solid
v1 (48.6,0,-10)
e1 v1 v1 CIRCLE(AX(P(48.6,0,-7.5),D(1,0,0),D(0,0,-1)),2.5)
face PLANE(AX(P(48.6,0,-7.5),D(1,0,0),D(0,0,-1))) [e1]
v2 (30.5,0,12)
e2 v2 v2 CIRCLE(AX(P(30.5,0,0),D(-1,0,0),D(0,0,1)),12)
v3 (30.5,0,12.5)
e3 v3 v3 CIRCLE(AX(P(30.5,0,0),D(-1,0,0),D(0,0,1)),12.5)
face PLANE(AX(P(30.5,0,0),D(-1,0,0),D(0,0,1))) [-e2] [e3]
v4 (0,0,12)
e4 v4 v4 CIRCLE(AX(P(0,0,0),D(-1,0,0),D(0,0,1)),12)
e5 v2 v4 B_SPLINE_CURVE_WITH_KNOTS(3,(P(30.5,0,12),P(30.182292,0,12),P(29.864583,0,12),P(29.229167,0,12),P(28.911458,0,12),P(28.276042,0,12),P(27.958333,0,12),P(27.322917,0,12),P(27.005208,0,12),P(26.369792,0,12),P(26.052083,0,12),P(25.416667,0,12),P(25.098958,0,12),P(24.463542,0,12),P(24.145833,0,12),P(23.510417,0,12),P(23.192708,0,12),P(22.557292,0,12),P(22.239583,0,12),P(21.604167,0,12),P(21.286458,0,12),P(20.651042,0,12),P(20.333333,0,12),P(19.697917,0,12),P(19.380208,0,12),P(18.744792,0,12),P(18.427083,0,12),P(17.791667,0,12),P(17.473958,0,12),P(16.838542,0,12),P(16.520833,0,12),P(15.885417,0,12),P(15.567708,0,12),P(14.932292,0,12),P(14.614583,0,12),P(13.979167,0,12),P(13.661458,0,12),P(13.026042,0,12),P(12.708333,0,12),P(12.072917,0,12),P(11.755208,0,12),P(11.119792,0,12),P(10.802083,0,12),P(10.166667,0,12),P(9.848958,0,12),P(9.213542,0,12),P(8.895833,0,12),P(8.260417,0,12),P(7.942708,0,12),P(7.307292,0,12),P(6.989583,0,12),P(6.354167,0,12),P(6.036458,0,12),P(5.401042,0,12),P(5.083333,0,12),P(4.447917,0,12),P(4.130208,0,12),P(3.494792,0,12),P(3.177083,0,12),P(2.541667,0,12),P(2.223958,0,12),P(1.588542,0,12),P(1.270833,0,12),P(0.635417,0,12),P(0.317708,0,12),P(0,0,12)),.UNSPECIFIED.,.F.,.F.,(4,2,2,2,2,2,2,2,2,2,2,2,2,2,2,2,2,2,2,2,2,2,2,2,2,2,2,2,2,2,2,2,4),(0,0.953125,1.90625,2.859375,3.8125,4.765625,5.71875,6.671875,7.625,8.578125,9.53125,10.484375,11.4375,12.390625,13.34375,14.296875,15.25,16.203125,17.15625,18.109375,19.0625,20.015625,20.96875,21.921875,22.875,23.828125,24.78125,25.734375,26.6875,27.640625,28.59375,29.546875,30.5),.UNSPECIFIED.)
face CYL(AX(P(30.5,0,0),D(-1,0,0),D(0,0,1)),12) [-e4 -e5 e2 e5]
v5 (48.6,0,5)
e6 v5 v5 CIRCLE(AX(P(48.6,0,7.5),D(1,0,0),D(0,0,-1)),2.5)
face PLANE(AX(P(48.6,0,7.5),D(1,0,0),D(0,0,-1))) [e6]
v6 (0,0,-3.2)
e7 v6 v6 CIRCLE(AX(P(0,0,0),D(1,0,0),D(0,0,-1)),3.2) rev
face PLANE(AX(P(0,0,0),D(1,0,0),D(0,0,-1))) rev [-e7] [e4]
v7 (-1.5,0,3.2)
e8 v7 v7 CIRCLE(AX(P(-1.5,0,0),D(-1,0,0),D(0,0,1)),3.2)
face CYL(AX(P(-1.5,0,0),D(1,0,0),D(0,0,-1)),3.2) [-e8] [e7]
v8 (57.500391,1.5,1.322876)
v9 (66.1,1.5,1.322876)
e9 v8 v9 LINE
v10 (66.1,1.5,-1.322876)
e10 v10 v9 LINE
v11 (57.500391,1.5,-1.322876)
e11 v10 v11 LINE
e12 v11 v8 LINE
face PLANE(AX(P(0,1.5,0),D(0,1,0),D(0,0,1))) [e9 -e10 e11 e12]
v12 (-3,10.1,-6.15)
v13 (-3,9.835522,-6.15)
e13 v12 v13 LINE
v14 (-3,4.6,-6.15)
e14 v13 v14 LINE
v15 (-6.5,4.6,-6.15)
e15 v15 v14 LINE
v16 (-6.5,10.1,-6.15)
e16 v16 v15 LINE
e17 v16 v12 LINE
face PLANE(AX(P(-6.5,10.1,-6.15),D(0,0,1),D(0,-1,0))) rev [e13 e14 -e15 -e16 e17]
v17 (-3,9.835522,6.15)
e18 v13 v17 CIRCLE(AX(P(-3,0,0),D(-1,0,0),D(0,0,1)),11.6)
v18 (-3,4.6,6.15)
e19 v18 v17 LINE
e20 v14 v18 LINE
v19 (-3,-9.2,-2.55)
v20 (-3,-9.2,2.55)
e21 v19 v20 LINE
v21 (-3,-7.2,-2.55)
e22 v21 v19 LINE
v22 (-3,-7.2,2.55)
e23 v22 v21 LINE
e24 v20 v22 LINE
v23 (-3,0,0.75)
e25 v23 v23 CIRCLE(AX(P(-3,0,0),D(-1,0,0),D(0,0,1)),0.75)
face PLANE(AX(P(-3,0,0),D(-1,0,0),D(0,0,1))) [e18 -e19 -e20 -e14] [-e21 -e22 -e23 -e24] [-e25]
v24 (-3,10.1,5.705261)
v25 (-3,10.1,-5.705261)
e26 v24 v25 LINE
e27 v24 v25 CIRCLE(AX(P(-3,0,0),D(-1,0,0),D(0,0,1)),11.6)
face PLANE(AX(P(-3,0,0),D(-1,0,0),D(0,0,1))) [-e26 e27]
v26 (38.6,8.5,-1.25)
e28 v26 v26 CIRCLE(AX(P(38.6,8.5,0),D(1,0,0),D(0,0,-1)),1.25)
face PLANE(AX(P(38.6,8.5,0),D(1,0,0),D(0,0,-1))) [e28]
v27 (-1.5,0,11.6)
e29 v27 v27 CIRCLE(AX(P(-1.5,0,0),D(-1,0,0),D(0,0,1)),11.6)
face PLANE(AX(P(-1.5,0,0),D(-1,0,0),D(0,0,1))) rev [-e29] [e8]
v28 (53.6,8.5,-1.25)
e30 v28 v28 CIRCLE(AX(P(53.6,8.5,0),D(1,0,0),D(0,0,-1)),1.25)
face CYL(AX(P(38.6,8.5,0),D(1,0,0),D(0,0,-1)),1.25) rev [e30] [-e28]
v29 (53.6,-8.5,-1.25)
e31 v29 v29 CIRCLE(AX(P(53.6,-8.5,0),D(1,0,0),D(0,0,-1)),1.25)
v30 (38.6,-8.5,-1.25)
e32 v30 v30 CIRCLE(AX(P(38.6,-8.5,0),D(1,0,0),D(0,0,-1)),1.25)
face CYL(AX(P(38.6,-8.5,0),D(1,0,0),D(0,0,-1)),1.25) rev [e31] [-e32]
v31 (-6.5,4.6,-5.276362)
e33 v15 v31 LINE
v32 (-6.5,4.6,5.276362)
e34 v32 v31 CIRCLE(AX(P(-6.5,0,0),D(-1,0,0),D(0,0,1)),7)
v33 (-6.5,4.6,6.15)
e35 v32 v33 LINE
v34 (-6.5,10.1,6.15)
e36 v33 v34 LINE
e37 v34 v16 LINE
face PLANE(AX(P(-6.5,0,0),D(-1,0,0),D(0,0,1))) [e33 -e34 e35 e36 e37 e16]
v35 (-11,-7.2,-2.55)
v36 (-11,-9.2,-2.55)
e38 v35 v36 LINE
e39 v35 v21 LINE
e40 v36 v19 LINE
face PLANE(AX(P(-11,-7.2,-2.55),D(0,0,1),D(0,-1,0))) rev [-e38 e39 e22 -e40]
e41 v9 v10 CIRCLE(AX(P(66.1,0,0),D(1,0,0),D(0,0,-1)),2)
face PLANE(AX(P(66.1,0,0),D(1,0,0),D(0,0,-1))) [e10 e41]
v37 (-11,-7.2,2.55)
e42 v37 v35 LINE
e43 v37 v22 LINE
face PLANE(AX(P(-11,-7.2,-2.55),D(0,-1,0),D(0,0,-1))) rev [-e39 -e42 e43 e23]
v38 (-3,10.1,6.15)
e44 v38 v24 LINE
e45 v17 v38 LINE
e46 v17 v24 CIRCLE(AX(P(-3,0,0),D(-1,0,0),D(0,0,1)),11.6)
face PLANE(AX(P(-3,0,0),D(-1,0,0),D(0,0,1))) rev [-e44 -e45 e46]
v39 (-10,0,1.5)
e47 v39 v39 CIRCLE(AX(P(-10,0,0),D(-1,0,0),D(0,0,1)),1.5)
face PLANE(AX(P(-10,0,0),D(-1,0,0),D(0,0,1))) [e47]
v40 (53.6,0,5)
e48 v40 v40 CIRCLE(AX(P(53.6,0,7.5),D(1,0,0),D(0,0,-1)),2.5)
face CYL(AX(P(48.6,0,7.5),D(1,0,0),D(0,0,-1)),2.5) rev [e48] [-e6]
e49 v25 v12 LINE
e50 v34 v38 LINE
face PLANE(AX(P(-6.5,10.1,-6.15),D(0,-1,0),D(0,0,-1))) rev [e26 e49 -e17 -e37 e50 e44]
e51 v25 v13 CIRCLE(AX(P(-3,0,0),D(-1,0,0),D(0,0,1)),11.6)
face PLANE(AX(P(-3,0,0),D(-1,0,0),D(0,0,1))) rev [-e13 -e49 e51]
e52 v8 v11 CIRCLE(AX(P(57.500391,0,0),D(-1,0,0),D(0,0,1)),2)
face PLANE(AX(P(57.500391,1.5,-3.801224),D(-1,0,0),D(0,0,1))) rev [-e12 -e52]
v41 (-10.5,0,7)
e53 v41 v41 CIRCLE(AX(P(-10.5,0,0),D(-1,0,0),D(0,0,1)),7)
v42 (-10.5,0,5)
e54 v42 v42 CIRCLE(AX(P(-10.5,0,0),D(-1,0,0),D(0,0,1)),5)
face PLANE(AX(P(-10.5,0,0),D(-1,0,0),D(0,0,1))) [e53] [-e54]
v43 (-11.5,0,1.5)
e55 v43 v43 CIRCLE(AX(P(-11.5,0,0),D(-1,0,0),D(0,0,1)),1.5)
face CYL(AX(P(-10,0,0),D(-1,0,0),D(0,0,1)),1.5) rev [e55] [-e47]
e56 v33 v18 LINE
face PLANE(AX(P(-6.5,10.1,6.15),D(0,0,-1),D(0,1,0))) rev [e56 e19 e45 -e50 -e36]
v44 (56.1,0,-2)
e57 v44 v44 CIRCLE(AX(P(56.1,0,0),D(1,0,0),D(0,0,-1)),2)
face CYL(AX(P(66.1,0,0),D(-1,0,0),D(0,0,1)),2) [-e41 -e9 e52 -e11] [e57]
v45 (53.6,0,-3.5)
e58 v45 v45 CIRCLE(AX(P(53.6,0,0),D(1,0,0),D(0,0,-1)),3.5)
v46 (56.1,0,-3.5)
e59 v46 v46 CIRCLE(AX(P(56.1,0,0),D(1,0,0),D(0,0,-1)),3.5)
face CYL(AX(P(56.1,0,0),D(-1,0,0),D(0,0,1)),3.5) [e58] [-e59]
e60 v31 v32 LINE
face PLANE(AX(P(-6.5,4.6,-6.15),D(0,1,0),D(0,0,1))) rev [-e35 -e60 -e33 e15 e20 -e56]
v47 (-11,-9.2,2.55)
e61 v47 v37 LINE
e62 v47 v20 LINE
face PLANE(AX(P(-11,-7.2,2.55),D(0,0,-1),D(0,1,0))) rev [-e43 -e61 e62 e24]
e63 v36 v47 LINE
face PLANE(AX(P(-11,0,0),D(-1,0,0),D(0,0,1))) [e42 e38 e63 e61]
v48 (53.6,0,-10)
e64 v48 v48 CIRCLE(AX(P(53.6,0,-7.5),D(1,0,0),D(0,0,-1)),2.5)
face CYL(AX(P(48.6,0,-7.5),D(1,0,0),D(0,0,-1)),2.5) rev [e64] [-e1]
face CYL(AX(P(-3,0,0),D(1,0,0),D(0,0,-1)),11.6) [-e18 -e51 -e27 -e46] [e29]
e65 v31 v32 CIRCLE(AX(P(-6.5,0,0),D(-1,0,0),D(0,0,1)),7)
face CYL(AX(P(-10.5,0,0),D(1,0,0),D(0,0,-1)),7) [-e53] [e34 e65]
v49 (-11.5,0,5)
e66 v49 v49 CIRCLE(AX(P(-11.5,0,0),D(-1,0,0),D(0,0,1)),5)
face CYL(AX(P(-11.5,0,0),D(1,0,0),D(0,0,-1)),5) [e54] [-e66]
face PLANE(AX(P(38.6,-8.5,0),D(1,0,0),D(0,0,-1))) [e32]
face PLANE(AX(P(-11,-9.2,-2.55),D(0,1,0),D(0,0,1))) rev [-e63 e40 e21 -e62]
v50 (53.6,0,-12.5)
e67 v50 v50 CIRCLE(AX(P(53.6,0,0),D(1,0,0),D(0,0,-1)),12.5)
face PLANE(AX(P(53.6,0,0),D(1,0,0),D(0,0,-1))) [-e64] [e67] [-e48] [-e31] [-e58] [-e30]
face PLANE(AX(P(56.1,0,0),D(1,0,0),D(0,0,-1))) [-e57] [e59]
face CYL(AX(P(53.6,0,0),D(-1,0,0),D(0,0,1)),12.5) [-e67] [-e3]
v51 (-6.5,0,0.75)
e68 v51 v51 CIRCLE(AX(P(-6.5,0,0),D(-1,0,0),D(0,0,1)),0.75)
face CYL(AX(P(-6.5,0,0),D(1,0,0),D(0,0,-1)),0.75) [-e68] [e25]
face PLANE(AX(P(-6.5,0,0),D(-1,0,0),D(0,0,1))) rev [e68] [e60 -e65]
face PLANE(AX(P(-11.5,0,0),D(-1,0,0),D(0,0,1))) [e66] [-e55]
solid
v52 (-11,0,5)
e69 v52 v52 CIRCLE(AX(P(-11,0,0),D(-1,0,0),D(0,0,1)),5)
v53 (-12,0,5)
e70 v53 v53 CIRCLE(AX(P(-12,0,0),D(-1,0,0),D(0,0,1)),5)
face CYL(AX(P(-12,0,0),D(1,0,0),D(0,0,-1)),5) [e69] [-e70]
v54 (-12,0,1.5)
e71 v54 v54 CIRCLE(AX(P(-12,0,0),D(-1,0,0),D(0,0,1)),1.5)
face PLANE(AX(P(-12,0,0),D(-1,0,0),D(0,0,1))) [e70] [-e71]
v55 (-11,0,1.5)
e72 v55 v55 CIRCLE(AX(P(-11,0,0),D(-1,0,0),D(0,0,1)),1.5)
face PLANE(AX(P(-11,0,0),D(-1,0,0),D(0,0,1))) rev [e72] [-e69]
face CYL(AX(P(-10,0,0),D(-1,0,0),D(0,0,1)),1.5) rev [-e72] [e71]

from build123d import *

# Parameters (mm, degrees)
SKETCH_4_R             = 12.5
EXTRUDE_481_DEPTH      = 53.6
SKETCH_6_R             = 2
EXTRUDE_595_DEPTH      = 12.5
SKETCH_8_W             = 11.304
SKETCH_8_H             = 8.543704008
CUT_EXTRUDE_852_DEPTH  = 0.5
SKETCH_10_R            = 3.5
EXTRUDE_1010_DEPTH     = 2.5
SKETCH_14_R            = 1.25
CUT_EXTRUDE_1321_DEPTH = 15
SKETCH_16_R            = 2.5
CUT_EXTRUDE_1436_DEPTH = 5
SKETCH_18_R            = 3.2
EXTRUDE_1549_DEPTH     = 1.5
SKETCH_21_R            = 11.6
EXTRUDE_1657_DEPTH     = 1.5
SKETCH_23_W            = 12.3
SKETCH_23_H            = 5.5
EXTRUDE_1848_DEPTH     = 3.5
SKETCH_25_W            = 5.1
SKETCH_25_H            = 2
EXTRUDE_2147_DEPTH     = 8
SKETCH_27_R            = 0.75
EXTRUDE_2397_DEPTH     = 3.5
SKETCH_32_R            = 7
EXTRUDE_2516_DEPTH     = 4
SKETCH_33_R            = 5
EXTRUDE_12_DEPTH       = 1
SKETCH_35_R            = 5
EXTRUDE_2731_DEPTH     = 1
SKETCH_37_R            = 1.5
CUT_EXTRUDE_2844_DEPTH = 2
SKETCH_40_OUTSIDE_W    = 44.146
SKETCH_40_OUTSIDE_H    = 44.146
SKETCH_40_OUTSIDE_R    = 12
CUT_EXTRUDE_2998_DEPTH = 30.5


with BuildPart() as part:
    # Эскиз4 → Extrude 481 (new body)
    with BuildSketch(Plane(origin=(0, 0, 0), x_dir=(0, 0, -1), z_dir=(1, 0, 0))):
        Circle(SKETCH_4_R)
    extrude(amount=EXTRUDE_481_DEPTH)

    # Эскиз6 → Extrude 595 (add)
    with BuildSketch(Plane(origin=(53.6, 0, 0), x_dir=(0, 0, -1), z_dir=(1, 0, 0))):
        Circle(SKETCH_6_R)
    extrude(amount=EXTRUDE_595_DEPTH)

    # Эскиз8 → Cut-Extrude 852 (cut)
    with BuildSketch(Plane(origin=(0, 2, 0), x_dir=(1, 0, 0), z_dir=(0, 1, 0))):
        with Locations((63.152390779, -0.470627763)):
            Rectangle(SKETCH_8_W, SKETCH_8_H)
    extrude(amount=-CUT_EXTRUDE_852_DEPTH, mode=Mode.SUBTRACT)

    # Эскиз10 → Extrude 1010 (add)
    with BuildSketch(Plane(origin=(53.6, 0, 0), x_dir=(0, 0, -1), z_dir=(1, 0, 0))):
        Circle(SKETCH_10_R)
    extrude(amount=EXTRUDE_1010_DEPTH)

    # Эскиз14 → Cut-Extrude 1321 (cut)
    with BuildSketch(Plane(origin=(53.6, 0, 0), x_dir=(0, 0, -1), z_dir=(1, 0, 0))):
        with Locations((0, 8.5)):
            Circle(SKETCH_14_R)
        with Locations((0, -8.5)):
            Circle(SKETCH_14_R)
    extrude(amount=-CUT_EXTRUDE_1321_DEPTH, mode=Mode.SUBTRACT)

    # Эскиз16 → Cut-Extrude 1436 (cut)
    with BuildSketch(Plane(origin=(53.6, 0, 0), x_dir=(0, 0, -1), z_dir=(1, 0, 0))):
        with Locations((-7.5, 0)):
            Circle(SKETCH_16_R)
        with Locations((7.5, 0)):
            Circle(SKETCH_16_R)
    extrude(amount=-CUT_EXTRUDE_1436_DEPTH, mode=Mode.SUBTRACT)

    # Эскиз18 → Extrude 1549 (add)
    with BuildSketch(Plane.ZY):
        with Locations(Location((0, 0, 0), (0, 0, 180))):
            Circle(SKETCH_18_R)
    extrude(amount=EXTRUDE_1549_DEPTH)

    # Эскиз21 → Extrude 1657 (add)
    with BuildSketch(Plane.ZY.offset(1.5)):
        Circle(SKETCH_21_R)
    extrude(amount=EXTRUDE_1657_DEPTH)

    # Эскиз23 → Extrude 1848 (add)
    with BuildSketch(Plane.ZY.offset(3)):
        with Locations((0, 7.35)):
            Rectangle(SKETCH_23_W, SKETCH_23_H)
    extrude(amount=EXTRUDE_1848_DEPTH)

    # Эскиз25 → Extrude 2147 (add)
    with BuildSketch(Plane.ZY.offset(3)):
        with Locations((0, -8.2)):
            Rectangle(SKETCH_25_W, SKETCH_25_H)
    extrude(amount=EXTRUDE_2147_DEPTH)

    # Эскиз27 → Extrude 2397 (add)
    with BuildSketch(Plane.ZY.offset(3)):
        Circle(SKETCH_27_R)
    extrude(amount=EXTRUDE_2397_DEPTH)

    # Эскиз32 → Extrude 2516 (add)
    with BuildSketch(Plane.ZY.offset(6.5)):
        with Locations(Location((0, 0, 0), (0, 0, 138.91766686))):
            Circle(SKETCH_32_R)
    extrude(amount=EXTRUDE_2516_DEPTH)

    # Эскиз35 → Extrude 2731 (add)
    with BuildSketch(Plane.ZY.offset(10.5)):
        Circle(SKETCH_35_R)
    extrude(amount=EXTRUDE_2731_DEPTH)


with BuildPart() as body_2:
    # Эскиз33 → Бобышка-Вытянуть12 (new body)
    with BuildSketch(Plane.ZY.offset(11)):
        Circle(SKETCH_33_R)
    extrude(amount=EXTRUDE_12_DEPTH)


with BuildPart() as cut_extrude_2844_tool:
    # Эскиз37 → Cut-Extrude 2844 (new body)
    with BuildSketch(Plane.ZY.offset(12)):
        Circle(SKETCH_37_R)
    extrude(amount=-CUT_EXTRUDE_2844_DEPTH)


with BuildPart() as part_1:
    add(part.part)

    # Cut-Extrude 2844: cut by cut_extrude_2844_tool
    add(cut_extrude_2844_tool.part, mode=Mode.SUBTRACT)

    # Эскиз40 outside → Cut-Extrude 2998 (cut)
    with BuildSketch(Plane.ZY):
        Rectangle(SKETCH_40_OUTSIDE_W, SKETCH_40_OUTSIDE_H)
        Circle(SKETCH_40_OUTSIDE_R, mode=Mode.SUBTRACT)
    extrude(amount=-CUT_EXTRUDE_2998_DEPTH, mode=Mode.SUBTRACT)


with BuildPart() as body_2_1:
    add(body_2.part)

    # Cut-Extrude 2844: cut by cut_extrude_2844_tool
    add(cut_extrude_2844_tool.part, mode=Mode.SUBTRACT)


solid = Compound([part_1.part, body_2_1.part])
